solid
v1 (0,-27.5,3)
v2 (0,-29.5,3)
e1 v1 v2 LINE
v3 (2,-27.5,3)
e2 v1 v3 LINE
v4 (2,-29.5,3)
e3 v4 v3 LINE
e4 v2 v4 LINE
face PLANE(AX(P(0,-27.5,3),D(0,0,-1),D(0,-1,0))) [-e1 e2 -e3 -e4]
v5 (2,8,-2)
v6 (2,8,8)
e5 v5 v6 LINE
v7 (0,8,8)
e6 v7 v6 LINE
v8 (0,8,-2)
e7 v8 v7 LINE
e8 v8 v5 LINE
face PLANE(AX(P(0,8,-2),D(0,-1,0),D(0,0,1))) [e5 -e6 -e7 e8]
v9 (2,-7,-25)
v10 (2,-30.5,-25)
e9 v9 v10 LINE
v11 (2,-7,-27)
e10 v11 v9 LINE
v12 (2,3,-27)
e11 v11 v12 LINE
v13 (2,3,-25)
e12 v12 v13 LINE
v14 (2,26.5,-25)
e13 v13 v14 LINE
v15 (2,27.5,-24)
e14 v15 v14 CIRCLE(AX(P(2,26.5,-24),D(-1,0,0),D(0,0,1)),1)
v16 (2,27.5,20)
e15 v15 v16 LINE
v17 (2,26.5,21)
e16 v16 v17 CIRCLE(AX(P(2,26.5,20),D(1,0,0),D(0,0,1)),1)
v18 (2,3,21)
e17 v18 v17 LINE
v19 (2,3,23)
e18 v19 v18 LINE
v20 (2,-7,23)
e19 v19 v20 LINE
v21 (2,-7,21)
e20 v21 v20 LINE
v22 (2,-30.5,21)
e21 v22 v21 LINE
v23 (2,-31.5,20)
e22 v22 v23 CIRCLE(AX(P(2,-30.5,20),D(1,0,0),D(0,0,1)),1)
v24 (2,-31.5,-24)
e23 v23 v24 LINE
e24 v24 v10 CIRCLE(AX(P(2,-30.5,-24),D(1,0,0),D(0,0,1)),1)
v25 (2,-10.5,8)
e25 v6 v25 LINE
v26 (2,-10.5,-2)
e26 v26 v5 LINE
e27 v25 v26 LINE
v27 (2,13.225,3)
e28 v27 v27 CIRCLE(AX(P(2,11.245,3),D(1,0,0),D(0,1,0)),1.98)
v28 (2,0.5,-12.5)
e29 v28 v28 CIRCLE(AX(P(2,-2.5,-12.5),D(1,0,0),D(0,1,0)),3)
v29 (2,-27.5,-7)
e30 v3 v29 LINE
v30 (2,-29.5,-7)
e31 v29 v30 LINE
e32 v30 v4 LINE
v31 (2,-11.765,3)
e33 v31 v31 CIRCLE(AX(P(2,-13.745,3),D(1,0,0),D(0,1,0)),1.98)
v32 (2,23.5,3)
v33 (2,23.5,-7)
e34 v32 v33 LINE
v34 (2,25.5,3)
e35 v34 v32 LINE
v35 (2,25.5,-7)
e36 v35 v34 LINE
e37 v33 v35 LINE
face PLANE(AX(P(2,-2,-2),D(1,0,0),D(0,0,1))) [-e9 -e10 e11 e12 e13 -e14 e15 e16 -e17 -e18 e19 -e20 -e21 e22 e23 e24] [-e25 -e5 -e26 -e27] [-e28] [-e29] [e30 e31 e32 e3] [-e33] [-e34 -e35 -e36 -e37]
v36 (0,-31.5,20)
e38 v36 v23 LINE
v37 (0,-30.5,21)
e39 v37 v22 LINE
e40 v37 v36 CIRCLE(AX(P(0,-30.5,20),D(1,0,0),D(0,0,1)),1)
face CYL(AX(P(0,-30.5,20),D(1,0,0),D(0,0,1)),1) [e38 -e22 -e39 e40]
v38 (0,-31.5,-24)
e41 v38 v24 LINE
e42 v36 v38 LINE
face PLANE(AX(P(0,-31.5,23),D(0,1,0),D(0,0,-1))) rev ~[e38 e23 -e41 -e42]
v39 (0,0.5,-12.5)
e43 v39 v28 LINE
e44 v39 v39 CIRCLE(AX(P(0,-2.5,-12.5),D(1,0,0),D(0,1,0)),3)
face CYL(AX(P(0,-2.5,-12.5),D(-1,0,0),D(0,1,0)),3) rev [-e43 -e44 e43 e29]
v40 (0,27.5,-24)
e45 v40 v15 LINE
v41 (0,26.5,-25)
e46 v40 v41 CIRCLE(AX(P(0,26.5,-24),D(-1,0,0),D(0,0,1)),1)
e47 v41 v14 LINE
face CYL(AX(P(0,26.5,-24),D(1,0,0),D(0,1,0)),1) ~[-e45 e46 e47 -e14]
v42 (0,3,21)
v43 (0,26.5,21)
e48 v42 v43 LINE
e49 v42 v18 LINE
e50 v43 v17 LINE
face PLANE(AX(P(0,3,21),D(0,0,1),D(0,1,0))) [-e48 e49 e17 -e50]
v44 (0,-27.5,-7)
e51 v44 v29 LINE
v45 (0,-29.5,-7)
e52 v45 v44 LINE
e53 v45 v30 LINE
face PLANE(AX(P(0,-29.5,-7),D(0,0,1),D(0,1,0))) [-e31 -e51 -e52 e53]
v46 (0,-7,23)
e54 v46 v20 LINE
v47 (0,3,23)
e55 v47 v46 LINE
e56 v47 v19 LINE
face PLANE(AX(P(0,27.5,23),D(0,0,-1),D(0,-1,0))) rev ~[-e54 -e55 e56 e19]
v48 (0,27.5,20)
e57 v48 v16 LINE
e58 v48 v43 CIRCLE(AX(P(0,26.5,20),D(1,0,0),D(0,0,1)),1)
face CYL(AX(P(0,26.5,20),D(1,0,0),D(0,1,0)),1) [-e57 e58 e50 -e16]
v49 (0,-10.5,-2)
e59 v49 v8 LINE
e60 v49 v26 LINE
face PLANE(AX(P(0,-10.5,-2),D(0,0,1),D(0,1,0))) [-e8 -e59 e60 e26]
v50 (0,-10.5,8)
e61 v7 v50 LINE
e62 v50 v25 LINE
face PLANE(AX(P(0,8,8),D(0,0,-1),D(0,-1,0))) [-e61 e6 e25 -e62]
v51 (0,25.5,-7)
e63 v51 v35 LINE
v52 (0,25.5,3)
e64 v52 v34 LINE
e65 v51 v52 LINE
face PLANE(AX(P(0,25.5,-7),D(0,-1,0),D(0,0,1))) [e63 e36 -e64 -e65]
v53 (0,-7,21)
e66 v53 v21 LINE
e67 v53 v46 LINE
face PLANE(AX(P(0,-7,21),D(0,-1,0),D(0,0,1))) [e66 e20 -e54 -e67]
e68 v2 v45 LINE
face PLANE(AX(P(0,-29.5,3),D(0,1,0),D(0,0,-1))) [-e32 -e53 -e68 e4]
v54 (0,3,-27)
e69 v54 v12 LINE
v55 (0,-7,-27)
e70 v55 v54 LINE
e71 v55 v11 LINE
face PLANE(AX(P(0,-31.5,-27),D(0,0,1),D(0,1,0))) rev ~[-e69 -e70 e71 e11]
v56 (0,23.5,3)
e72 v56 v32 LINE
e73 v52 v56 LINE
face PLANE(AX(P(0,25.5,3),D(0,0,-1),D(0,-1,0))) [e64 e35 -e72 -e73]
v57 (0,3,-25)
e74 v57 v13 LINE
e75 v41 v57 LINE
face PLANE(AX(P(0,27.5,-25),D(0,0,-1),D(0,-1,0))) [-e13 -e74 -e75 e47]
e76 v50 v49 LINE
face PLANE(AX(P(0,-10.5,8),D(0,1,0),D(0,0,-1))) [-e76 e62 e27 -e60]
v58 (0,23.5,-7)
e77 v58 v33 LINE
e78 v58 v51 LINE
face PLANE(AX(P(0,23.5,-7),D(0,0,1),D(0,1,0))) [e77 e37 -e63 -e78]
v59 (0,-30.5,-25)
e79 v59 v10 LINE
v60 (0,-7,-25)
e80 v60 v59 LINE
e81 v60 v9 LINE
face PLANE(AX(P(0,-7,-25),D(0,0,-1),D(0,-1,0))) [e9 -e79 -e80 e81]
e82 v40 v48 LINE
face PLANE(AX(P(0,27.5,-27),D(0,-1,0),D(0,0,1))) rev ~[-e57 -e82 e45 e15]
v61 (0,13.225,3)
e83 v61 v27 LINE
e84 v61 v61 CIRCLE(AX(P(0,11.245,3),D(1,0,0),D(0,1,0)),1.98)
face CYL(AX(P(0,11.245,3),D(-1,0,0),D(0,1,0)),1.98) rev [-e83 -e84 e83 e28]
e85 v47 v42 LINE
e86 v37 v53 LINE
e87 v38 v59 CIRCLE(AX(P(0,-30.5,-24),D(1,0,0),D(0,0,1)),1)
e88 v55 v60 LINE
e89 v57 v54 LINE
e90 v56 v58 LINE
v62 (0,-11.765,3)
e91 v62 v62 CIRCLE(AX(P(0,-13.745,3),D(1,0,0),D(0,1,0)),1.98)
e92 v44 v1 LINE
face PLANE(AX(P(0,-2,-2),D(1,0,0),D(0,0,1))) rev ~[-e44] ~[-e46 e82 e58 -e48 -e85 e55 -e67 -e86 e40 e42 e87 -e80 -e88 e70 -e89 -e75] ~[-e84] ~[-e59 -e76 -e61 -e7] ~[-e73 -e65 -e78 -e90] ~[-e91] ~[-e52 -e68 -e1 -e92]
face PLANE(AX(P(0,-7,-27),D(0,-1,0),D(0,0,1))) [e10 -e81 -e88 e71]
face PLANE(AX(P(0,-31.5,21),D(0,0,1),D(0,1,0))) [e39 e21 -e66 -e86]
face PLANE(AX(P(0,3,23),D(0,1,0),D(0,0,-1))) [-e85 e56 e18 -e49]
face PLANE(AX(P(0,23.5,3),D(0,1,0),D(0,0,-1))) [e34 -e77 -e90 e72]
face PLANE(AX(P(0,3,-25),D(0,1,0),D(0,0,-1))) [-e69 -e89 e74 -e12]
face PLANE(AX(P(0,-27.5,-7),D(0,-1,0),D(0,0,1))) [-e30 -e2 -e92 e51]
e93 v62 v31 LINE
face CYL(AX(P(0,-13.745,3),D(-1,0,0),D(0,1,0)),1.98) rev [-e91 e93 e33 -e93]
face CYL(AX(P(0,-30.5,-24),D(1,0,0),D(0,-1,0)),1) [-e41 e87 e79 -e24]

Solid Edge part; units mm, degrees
sketch "Sketch1" plane through (0, 0, 0) normal (1, 0, 0) x (0, 1, 0)
  line L0 (27.5, -27) -> (27.5, 23)
  line L1 (27.5, 23) -> (-31.5, 23)
  line L2 (-31.5, 23) -> (-31.5, -27)
  line L3 (-31.5, -27) -> (27.5, -27)
extrude "Protrusion1" add sketch "Sketch1" along normal blind 2
sketch "Sketch2" plane through (0, 0, 0) normal (1, 0, 0) x (0, 1, 0)
  line L0 (-31.5, 21) -> (-7, 21)
  line L1 (-7, 21) -> (-7, 23)
  line L2 (-7, 23) -> (-31.5, 23)
  line L3 (-31.5, 23) -> (-31.5, 21)
extrude "ExtrudedCutout_1" cut sketch "Sketch2" along normal blind 2
sketch "Sketch3" plane through (0, 0, 0) normal (1, 0, 0) x (0, 1, 0)
  line L0 (3, 21) -> (27.5, 21)
  line L1 (27.5, 21) -> (27.5, 23)
  line L2 (27.5, 23) -> (3, 23)
  line L3 (3, 23) -> (3, 21)
extrude "ExtrudedCutout_2" cut sketch "Sketch3" along normal blind 2
sketch "Sketch4" plane through (0, 0, 0) normal (1, 0, 0) x (0, 1, 0)
  line L0 (23.5, 3) -> (23.5, -7)
  line L1 (23.5, -7) -> (25.5, -7)
  line L2 (25.5, -7) -> (25.5, 3)
  line L3 (25.5, 3) -> (23.5, 3)
extrude "ExtrudedCutout_3" cut sketch "Sketch4" along normal blind 2
sketch "Sketch5" plane through (0, 0, 0) normal (1, 0, 0) x (0, 1, 0)
  line L0 (27.5, -25) -> (3, -25)
  line L1 (3, -25) -> (3, -27)
  line L2 (3, -27) -> (27.5, -27)
  line L3 (27.5, -27) -> (27.5, -25)
extrude "ExtrudedCutout_4" cut sketch "Sketch5" along normal blind 4
sketch "Sketch6" plane through (0, 0, 0) normal (1, 0, 0) x (0, 1, 0)
  line L0 (-7, -25) -> (-31.5, -25)
  line L1 (-31.5, -25) -> (-31.5, -27)
  line L2 (-31.5, -27) -> (-7, -27)
  line L3 (-7, -27) -> (-7, -25)
extrude "ExtrudedCutout_5" cut sketch "Sketch6" along normal blind 2
sketch "Sketch7" plane through (0, 0, 0) normal (1, 0, 0) x (0, 1, 0)
  line L0 (-29.5, -7) -> (-27.5, -7)
  line L1 (-27.5, -7) -> (-27.5, 3)
  line L2 (-27.5, 3) -> (-29.5, 3)
  line L3 (-29.5, 3) -> (-29.5, -7)
extrude "ExtrudedCutout_6" cut sketch "Sketch7" along normal blind 4
sketch "Sketch8" plane through (0, 0, 0) normal (1, 0, 0) x (0, 1, 0)
  line L0 (8, 8) -> (-10.5, 8)
  line L1 (-10.5, 8) -> (-10.5, -2)
  line L2 (-10.5, -2) -> (8, -2)
  line L3 (8, -2) -> (8, 8)
  circle A0 centre (-13.745, 3) radius 1.98
  circle A1 centre (11.245, 3) radius 1.98
  dimension "D1" = 18.5
  dimension "D2" = 10
  dimension "D3" = 23
  dimension "D4" = 17
  dimension "D5" = 3.96
  dimension "D6" = 3.96
  dimension "D7" = 3.245
  dimension "D8" = 28
  dimension "D9" = 28
  dimension "D10" = 3.245
  dimension "D11" = 24.99
extrude "ExtrudedCutout_9" cut sketch "Sketch8" along normal blind 2
sketch "Sketch9" plane through (0, 0, 0) normal (1, 0, 0) x (0, 1, 0)
  circle A0 centre (-2.5, -12.5) radius 3
extrude "ExtrudedCutout_10" cut sketch "Sketch9" along normal blind 2
fillet "Round_1" radius 1 4 edges at (1, 27.5, -25) (1, 27.5, 21) (1, -31.5, -25) (1, -31.5, 21)
properties material "Acrylic, high impact grade"
